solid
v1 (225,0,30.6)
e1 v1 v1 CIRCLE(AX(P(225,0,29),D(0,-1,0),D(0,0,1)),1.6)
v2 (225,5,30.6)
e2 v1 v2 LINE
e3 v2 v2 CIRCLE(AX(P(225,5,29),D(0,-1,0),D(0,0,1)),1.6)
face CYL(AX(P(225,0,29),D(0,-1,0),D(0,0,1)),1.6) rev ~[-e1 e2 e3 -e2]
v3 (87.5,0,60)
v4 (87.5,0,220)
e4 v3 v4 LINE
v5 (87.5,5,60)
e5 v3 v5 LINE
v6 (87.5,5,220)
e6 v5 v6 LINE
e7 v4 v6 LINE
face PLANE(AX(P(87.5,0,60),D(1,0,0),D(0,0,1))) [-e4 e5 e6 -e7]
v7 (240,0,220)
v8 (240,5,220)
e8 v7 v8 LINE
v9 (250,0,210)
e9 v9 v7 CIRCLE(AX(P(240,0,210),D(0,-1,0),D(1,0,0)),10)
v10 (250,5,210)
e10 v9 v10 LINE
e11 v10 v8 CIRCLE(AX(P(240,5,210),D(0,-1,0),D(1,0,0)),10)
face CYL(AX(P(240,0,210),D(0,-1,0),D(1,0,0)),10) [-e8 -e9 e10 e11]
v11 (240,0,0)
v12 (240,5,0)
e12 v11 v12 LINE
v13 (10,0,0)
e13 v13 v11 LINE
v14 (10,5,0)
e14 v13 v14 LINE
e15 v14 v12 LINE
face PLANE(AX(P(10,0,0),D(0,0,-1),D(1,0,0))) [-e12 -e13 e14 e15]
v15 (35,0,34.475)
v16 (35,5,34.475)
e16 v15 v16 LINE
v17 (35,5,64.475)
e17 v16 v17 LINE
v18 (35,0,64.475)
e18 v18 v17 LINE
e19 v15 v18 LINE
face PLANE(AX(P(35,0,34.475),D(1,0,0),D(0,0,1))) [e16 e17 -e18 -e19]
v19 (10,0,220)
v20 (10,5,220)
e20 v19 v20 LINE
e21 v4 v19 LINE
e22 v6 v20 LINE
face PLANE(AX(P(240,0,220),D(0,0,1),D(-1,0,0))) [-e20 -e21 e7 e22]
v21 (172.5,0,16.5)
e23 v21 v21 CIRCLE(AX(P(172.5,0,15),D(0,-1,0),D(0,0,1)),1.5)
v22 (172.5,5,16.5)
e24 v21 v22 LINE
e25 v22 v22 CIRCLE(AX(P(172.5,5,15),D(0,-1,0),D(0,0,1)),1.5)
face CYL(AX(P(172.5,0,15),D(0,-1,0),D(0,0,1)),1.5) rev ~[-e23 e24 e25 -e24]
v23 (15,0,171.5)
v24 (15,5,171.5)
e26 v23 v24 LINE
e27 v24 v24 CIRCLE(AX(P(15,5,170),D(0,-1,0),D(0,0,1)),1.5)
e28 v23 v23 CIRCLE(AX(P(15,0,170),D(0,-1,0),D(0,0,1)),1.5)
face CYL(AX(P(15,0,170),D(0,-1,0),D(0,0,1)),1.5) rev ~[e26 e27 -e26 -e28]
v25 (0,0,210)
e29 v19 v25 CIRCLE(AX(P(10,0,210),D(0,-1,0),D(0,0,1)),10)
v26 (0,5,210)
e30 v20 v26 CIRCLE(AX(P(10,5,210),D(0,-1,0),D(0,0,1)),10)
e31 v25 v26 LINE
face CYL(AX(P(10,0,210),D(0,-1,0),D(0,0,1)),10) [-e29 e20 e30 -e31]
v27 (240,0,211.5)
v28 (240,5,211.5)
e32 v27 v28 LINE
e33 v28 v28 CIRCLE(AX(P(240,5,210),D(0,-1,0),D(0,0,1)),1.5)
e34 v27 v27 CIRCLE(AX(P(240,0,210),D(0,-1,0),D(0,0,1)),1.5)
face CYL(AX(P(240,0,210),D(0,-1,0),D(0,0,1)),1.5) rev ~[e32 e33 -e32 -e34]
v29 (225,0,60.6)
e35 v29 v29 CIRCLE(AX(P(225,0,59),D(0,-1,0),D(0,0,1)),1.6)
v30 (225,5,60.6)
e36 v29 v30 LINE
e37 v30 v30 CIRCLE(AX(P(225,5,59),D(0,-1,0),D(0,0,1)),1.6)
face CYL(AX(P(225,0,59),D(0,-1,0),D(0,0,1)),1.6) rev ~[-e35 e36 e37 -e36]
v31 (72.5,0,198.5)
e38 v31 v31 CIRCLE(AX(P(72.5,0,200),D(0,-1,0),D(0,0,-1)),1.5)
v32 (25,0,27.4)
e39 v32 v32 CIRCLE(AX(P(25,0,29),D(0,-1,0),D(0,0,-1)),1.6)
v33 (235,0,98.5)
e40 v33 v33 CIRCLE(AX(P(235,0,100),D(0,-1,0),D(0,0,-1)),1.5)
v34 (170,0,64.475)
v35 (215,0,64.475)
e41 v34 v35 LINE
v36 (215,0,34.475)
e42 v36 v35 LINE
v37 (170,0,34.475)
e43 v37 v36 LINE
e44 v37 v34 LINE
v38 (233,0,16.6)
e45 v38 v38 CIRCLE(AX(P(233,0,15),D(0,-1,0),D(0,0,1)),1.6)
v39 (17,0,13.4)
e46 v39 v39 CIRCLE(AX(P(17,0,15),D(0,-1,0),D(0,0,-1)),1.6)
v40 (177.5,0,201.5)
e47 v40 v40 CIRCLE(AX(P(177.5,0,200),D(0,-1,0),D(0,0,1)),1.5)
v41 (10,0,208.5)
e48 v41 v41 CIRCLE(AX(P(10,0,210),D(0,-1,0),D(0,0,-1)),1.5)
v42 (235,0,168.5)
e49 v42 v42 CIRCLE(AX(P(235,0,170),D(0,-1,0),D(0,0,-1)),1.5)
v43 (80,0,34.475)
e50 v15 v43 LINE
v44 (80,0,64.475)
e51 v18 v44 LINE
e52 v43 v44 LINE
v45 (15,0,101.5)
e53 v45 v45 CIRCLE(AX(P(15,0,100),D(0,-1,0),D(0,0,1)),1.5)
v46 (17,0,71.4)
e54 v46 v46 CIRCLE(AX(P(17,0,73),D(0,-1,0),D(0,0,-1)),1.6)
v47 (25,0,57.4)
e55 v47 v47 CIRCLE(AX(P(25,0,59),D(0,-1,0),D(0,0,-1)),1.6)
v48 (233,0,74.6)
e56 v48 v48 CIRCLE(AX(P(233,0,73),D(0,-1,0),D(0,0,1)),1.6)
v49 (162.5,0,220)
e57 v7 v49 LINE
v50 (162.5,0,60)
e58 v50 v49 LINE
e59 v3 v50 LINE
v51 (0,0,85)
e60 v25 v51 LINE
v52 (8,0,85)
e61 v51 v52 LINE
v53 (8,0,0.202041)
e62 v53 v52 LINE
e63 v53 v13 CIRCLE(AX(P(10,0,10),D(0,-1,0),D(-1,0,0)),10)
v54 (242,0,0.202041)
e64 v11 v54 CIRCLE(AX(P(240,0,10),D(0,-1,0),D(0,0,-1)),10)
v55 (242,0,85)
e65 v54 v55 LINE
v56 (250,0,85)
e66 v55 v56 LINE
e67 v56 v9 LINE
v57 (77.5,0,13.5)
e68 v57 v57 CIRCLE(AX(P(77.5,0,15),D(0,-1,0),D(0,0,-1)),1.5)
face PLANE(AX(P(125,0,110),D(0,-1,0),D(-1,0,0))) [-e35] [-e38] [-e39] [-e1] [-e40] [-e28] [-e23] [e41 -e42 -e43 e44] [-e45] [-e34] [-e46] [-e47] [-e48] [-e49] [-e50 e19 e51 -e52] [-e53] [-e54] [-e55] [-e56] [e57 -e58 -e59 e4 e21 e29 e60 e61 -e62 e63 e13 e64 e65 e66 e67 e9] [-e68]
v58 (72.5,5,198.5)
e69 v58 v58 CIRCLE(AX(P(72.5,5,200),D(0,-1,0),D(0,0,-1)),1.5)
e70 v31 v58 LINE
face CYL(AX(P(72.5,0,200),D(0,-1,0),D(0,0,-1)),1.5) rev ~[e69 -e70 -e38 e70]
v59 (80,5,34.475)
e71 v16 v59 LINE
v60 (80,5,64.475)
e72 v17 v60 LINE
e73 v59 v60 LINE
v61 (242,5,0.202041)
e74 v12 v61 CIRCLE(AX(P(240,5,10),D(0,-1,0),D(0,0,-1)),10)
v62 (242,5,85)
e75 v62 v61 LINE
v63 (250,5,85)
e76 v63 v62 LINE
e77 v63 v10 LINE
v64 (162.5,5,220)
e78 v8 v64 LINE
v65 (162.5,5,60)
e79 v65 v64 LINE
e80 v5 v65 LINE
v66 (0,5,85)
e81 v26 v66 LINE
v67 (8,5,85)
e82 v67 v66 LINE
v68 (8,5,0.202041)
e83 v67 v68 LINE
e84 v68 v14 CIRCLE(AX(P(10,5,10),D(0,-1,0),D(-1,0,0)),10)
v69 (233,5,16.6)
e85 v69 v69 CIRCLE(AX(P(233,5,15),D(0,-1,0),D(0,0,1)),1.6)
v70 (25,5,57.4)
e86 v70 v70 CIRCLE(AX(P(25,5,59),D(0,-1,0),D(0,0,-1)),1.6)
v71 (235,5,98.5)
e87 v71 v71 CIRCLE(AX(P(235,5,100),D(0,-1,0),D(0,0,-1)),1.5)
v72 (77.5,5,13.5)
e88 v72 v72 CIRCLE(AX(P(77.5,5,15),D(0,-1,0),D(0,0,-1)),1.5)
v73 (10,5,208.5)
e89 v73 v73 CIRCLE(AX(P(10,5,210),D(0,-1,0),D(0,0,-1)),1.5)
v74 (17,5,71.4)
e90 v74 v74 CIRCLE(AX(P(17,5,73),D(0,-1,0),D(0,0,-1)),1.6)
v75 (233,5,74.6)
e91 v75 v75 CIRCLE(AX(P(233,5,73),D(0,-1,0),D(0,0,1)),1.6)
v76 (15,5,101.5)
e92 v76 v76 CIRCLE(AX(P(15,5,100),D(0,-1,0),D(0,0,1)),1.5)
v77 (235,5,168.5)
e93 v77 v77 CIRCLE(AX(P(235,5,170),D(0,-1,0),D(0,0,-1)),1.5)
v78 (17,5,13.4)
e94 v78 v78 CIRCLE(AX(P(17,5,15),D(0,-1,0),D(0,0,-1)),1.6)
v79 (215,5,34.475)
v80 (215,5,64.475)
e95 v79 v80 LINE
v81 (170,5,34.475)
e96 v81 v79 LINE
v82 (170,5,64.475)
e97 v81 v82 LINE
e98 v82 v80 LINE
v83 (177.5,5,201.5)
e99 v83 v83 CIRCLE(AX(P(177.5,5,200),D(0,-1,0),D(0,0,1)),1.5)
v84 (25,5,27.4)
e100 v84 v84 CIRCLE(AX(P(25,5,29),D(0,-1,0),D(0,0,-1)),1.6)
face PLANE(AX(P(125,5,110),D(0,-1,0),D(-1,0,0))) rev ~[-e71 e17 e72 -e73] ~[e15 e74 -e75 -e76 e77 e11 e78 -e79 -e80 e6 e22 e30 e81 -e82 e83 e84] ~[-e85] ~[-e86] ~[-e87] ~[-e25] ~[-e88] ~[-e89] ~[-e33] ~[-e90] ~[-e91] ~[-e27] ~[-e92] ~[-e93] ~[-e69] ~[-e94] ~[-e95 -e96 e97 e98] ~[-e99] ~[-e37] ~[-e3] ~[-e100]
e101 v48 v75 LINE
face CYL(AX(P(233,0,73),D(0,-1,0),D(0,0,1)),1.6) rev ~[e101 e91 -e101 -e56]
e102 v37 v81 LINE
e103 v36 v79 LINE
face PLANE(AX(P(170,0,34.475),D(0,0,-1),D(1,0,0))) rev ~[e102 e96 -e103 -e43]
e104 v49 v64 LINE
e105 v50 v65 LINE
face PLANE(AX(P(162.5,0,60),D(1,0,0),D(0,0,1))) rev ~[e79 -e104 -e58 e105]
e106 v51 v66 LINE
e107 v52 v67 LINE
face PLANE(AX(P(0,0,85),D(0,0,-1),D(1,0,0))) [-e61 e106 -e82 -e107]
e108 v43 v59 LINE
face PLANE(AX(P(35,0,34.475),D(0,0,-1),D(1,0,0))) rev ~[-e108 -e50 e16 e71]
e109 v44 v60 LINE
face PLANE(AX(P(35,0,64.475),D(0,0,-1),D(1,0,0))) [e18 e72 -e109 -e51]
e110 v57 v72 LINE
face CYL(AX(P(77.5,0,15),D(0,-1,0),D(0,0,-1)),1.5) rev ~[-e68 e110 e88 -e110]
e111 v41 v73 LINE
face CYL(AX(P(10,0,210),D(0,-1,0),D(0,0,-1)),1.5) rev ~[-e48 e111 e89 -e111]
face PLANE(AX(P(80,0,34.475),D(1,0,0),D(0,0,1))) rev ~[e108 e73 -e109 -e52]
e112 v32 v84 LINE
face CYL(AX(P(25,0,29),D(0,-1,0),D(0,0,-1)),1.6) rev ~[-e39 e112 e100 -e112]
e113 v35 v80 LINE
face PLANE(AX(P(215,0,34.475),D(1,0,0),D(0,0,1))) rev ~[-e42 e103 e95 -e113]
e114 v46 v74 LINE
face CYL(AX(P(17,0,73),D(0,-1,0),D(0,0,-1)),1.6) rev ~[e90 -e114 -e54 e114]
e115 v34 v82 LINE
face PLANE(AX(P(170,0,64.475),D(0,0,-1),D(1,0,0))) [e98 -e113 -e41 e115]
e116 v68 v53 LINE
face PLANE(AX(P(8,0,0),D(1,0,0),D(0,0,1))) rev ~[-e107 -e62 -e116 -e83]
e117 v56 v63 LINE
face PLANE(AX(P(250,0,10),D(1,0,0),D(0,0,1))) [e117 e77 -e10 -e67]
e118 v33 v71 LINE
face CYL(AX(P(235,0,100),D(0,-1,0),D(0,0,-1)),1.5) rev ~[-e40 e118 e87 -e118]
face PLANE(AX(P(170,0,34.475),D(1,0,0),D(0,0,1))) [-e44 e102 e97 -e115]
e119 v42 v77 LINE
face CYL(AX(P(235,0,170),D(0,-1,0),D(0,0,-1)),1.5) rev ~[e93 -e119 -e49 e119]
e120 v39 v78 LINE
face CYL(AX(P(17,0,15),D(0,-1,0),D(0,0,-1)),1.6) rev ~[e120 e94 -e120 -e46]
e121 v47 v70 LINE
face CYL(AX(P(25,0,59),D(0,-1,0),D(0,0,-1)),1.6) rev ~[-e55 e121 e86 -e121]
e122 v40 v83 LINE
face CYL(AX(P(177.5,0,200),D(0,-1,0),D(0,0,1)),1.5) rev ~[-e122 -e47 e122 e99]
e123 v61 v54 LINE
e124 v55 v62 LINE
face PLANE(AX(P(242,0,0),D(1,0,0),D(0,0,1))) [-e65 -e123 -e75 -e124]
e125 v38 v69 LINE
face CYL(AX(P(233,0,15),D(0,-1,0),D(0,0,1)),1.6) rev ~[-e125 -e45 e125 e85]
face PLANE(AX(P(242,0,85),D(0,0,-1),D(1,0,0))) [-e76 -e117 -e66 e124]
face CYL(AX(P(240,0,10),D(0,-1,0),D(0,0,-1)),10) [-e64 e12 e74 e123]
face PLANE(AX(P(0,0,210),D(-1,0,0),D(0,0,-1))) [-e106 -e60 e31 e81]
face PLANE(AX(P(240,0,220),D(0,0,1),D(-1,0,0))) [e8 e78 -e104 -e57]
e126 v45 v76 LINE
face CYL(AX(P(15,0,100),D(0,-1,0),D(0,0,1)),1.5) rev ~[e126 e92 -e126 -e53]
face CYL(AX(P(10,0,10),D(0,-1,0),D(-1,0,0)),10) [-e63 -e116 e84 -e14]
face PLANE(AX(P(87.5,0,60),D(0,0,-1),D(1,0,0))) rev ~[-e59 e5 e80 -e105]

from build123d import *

# Parameters (mm, degrees)
EXTRUDE_1_DEPTH      = 5
SKETCH_4_W           = 45
SKETCH_4_H           = 30
CUT_EXTRUDE_3_DEPTH  = 5
SKETCH_5_W           = 75
SKETCH_5_H           = 160
CUT_EXTRUDE_4_DEPTH  = 5
CUT_EXTRUDE_5_REACH  = 335.054
SKETCH_6_R           = 1.5
CUT_EXTRUDE_7_REACH  = 335.054
SKETCH_7_R           = 1.6
CUT_EXTRUDE_8_REACH  = 335.054
SKETCH_8_R           = 1.5
CUT_EXTRUDE_9_REACH  = 335.054
SKETCH_9_R           = 1.5
CUT_EXTRUDE_10_REACH = 335.054
SKETCH_10_W          = 8
SKETCH_10_H          = 85


with BuildPart() as part:
    # 草图1 → 凸台-拉伸1 (new body)
    with BuildSketch(Plane(origin=(0, 0, 0), x_dir=(1, 0, 0), z_dir=(0, 1, 0))):
        with BuildLine():
            Line((10, 0), (240, 0))
            ThreePointArc((240, 0), (247.071067812, -2.928932188), (250, -10))
            Line((250, -10), (250, -210))
            ThreePointArc((250, -210), (247.071067812, -217.071067812), (240, -220))
            Line((240, -220), (10, -220))
            ThreePointArc((10, -220), (2.928932188, -217.071067812), (0, -210))
            Line((0, -210), (0, -10))
            ThreePointArc((0, -10), (2.928932188, -2.928932188), (10, 0))
        make_face()
    extrude(amount=EXTRUDE_1_DEPTH)

    # 草图4 → 切除-拉伸3 (cut)
    with BuildSketch(Plane.XZ):
        with Locations((192.5, 49.475)):
            Rectangle(SKETCH_4_W, SKETCH_4_H)
        with Locations((57.5, 49.475)):
            Rectangle(SKETCH_4_W, SKETCH_4_H)
    extrude(amount=-CUT_EXTRUDE_3_DEPTH, mode=Mode.SUBTRACT)

    # 草图5 → 切除-拉伸4 (cut)
    with BuildSketch(Plane.XZ):
        with Locations((125, 140)):
            Rectangle(SKETCH_5_W, SKETCH_5_H)
    extrude(amount=-CUT_EXTRUDE_4_DEPTH, mode=Mode.SUBTRACT)

    # 草图6 → 切除-拉伸5 (cut, up to next)
    with BuildSketch(Plane.XZ, mode=Mode.PRIVATE) as cut_extrude_5_sk1:
        with Locations(Location((72.5, 200, 0), (0, 0, 270))):
            Circle(SKETCH_6_R)
    cut_extrude_5_tool1 = extrude(cut_extrude_5_sk1.sketch, amount=-CUT_EXTRUDE_5_REACH, mode=Mode.PRIVATE) & part.part
    # 草图6 → 切除-拉伸5 (cut, up to next)
    with BuildSketch(Plane.XZ, mode=Mode.PRIVATE) as cut_extrude_5_sk2:
        with Locations(Location((177.5, 200, 0), (0, 0, 90))):
            Circle(SKETCH_6_R)
    cut_extrude_5_tool2 = extrude(cut_extrude_5_sk2.sketch, amount=-CUT_EXTRUDE_5_REACH, mode=Mode.PRIVATE) & part.part
    add(cut_extrude_5_tool1.solids().sort_by_distance((72.5, 0, 200))[0], mode=Mode.SUBTRACT)
    add(cut_extrude_5_tool2.solids().sort_by_distance((177.5, 0, 200))[0], mode=Mode.SUBTRACT)

    # 草图7 → 切除-拉伸7 (cut, up to next)
    with BuildSketch(Plane.XZ, mode=Mode.PRIVATE) as cut_extrude_7_sk1:
        with Locations(Location((17, 15, 0), (0, 0, 270))):
            Circle(SKETCH_7_R)
    cut_extrude_7_tool1 = extrude(cut_extrude_7_sk1.sketch, amount=-CUT_EXTRUDE_7_REACH, mode=Mode.PRIVATE) & part.part
    # 草图7 → 切除-拉伸7 (cut, up to next)
    with BuildSketch(Plane.XZ, mode=Mode.PRIVATE) as cut_extrude_7_sk2:
        with Locations(Location((25, 29, 0), (0, 0, 270))):
            Circle(SKETCH_7_R)
    cut_extrude_7_tool2 = extrude(cut_extrude_7_sk2.sketch, amount=-CUT_EXTRUDE_7_REACH, mode=Mode.PRIVATE) & part.part
    # 草图7 → 切除-拉伸7 (cut, up to next)
    with BuildSketch(Plane.XZ, mode=Mode.PRIVATE) as cut_extrude_7_sk3:
        with Locations(Location((25, 59, 0), (0, 0, 270))):
            Circle(SKETCH_7_R)
    cut_extrude_7_tool3 = extrude(cut_extrude_7_sk3.sketch, amount=-CUT_EXTRUDE_7_REACH, mode=Mode.PRIVATE) & part.part
    # 草图7 → 切除-拉伸7 (cut, up to next)
    with BuildSketch(Plane.XZ, mode=Mode.PRIVATE) as cut_extrude_7_sk4:
        with Locations(Location((17, 73, 0), (0, 0, 270))):
            Circle(SKETCH_7_R)
    cut_extrude_7_tool4 = extrude(cut_extrude_7_sk4.sketch, amount=-CUT_EXTRUDE_7_REACH, mode=Mode.PRIVATE) & part.part
    # 草图7 → 切除-拉伸7 (cut, up to next)
    with BuildSketch(Plane.XZ, mode=Mode.PRIVATE) as cut_extrude_7_sk5:
        with Locations(Location((233, 73, 0), (0, 0, 90))):
            Circle(SKETCH_7_R)
    cut_extrude_7_tool5 = extrude(cut_extrude_7_sk5.sketch, amount=-CUT_EXTRUDE_7_REACH, mode=Mode.PRIVATE) & part.part
    # 草图7 → 切除-拉伸7 (cut, up to next)
    with BuildSketch(Plane.XZ, mode=Mode.PRIVATE) as cut_extrude_7_sk6:
        with Locations(Location((225, 59, 0), (0, 0, 90))):
            Circle(SKETCH_7_R)
    cut_extrude_7_tool6 = extrude(cut_extrude_7_sk6.sketch, amount=-CUT_EXTRUDE_7_REACH, mode=Mode.PRIVATE) & part.part
    # 草图7 → 切除-拉伸7 (cut, up to next)
    with BuildSketch(Plane.XZ, mode=Mode.PRIVATE) as cut_extrude_7_sk7:
        with Locations(Location((225, 29, 0), (0, 0, 90))):
            Circle(SKETCH_7_R)
    cut_extrude_7_tool7 = extrude(cut_extrude_7_sk7.sketch, amount=-CUT_EXTRUDE_7_REACH, mode=Mode.PRIVATE) & part.part
    # 草图7 → 切除-拉伸7 (cut, up to next)
    with BuildSketch(Plane.XZ, mode=Mode.PRIVATE) as cut_extrude_7_sk8:
        with Locations(Location((233, 15, 0), (0, 0, 90))):
            Circle(SKETCH_7_R)
    cut_extrude_7_tool8 = extrude(cut_extrude_7_sk8.sketch, amount=-CUT_EXTRUDE_7_REACH, mode=Mode.PRIVATE) & part.part
    add(cut_extrude_7_tool1.solids().sort_by_distance((17, 0, 15))[0], mode=Mode.SUBTRACT)
    add(cut_extrude_7_tool2.solids().sort_by_distance((25, 0, 29))[0], mode=Mode.SUBTRACT)
    add(cut_extrude_7_tool3.solids().sort_by_distance((25, 0, 59))[0], mode=Mode.SUBTRACT)
    add(cut_extrude_7_tool4.solids().sort_by_distance((17, 0, 73))[0], mode=Mode.SUBTRACT)
    add(cut_extrude_7_tool5.solids().sort_by_distance((233, 0, 73))[0], mode=Mode.SUBTRACT)
    add(cut_extrude_7_tool6.solids().sort_by_distance((225, 0, 59))[0], mode=Mode.SUBTRACT)
    add(cut_extrude_7_tool7.solids().sort_by_distance((225, 0, 29))[0], mode=Mode.SUBTRACT)
    add(cut_extrude_7_tool8.solids().sort_by_distance((233, 0, 15))[0], mode=Mode.SUBTRACT)

    # 草图8 → 切除-拉伸8 (cut, up to next)
    with BuildSketch(Plane.XZ, mode=Mode.PRIVATE) as cut_extrude_8_sk1:
        with Locations(Location((235, 170, 0), (0, 0, 270))):
            Circle(SKETCH_8_R)
    cut_extrude_8_tool1 = extrude(cut_extrude_8_sk1.sketch, amount=-CUT_EXTRUDE_8_REACH, mode=Mode.PRIVATE) & part.part
    # 草图8 → 切除-拉伸8 (cut, up to next)
    with BuildSketch(Plane.XZ, mode=Mode.PRIVATE) as cut_extrude_8_sk2:
        with Locations(Location((235, 100, 0), (0, 0, 270))):
            Circle(SKETCH_8_R)
    cut_extrude_8_tool2 = extrude(cut_extrude_8_sk2.sketch, amount=-CUT_EXTRUDE_8_REACH, mode=Mode.PRIVATE) & part.part
    # 草图8 → 切除-拉伸8 (cut, up to next)
    with BuildSketch(Plane.XZ, mode=Mode.PRIVATE) as cut_extrude_8_sk3:
        with Locations(Location((15, 100, 0), (0, 0, 90))):
            Circle(SKETCH_8_R)
    cut_extrude_8_tool3 = extrude(cut_extrude_8_sk3.sketch, amount=-CUT_EXTRUDE_8_REACH, mode=Mode.PRIVATE) & part.part
    # 草图8 → 切除-拉伸8 (cut, up to next)
    with BuildSketch(Plane.XZ, mode=Mode.PRIVATE) as cut_extrude_8_sk4:
        with Locations(Location((15, 170, 0), (0, 0, 90))):
            Circle(SKETCH_8_R)
    cut_extrude_8_tool4 = extrude(cut_extrude_8_sk4.sketch, amount=-CUT_EXTRUDE_8_REACH, mode=Mode.PRIVATE) & part.part
    add(cut_extrude_8_tool1.solids().sort_by_distance((235, 0, 170))[0], mode=Mode.SUBTRACT)
    add(cut_extrude_8_tool2.solids().sort_by_distance((235, 0, 100))[0], mode=Mode.SUBTRACT)
    add(cut_extrude_8_tool3.solids().sort_by_distance((15, 0, 100))[0], mode=Mode.SUBTRACT)
    add(cut_extrude_8_tool4.solids().sort_by_distance((15, 0, 170))[0], mode=Mode.SUBTRACT)

    # 草图9 → 切除-拉伸9 (cut, up to next)
    with BuildSketch(Plane.XZ, mode=Mode.PRIVATE) as cut_extrude_9_sk1:
        with Locations(Location((77.5, 15, 0), (0, 0, 270))):
            Circle(SKETCH_9_R)
    cut_extrude_9_tool1 = extrude(cut_extrude_9_sk1.sketch, amount=-CUT_EXTRUDE_9_REACH, mode=Mode.PRIVATE) & part.part
    # 草图9 → 切除-拉伸9 (cut, up to next)
    with BuildSketch(Plane.XZ, mode=Mode.PRIVATE) as cut_extrude_9_sk2:
        with Locations(Location((10, 210, 0), (0, 0, 270))):
            Circle(SKETCH_9_R)
    cut_extrude_9_tool2 = extrude(cut_extrude_9_sk2.sketch, amount=-CUT_EXTRUDE_9_REACH, mode=Mode.PRIVATE) & part.part
    # 草图9 → 切除-拉伸9 (cut, up to next)
    with BuildSketch(Plane.XZ, mode=Mode.PRIVATE) as cut_extrude_9_sk3:
        with Locations(Location((240, 210, 0), (0, 0, 90))):
            Circle(SKETCH_9_R)
    cut_extrude_9_tool3 = extrude(cut_extrude_9_sk3.sketch, amount=-CUT_EXTRUDE_9_REACH, mode=Mode.PRIVATE) & part.part
    # 草图9 → 切除-拉伸9 (cut, up to next)
    with BuildSketch(Plane.XZ, mode=Mode.PRIVATE) as cut_extrude_9_sk4:
        with Locations(Location((172.5, 15, 0), (0, 0, 90))):
            Circle(SKETCH_9_R)
    cut_extrude_9_tool4 = extrude(cut_extrude_9_sk4.sketch, amount=-CUT_EXTRUDE_9_REACH, mode=Mode.PRIVATE) & part.part
    add(cut_extrude_9_tool1.solids().sort_by_distance((77.5, 0, 15))[0], mode=Mode.SUBTRACT)
    add(cut_extrude_9_tool2.solids().sort_by_distance((10, 0, 210))[0], mode=Mode.SUBTRACT)
    add(cut_extrude_9_tool3.solids().sort_by_distance((240, 0, 210))[0], mode=Mode.SUBTRACT)
    add(cut_extrude_9_tool4.solids().sort_by_distance((172.5, 0, 15))[0], mode=Mode.SUBTRACT)

    # 草图10 → 切除-拉伸10 (cut, up to next)
    with BuildSketch(Plane.XZ, mode=Mode.PRIVATE) as cut_extrude_10_sk1:
        with Locations((4, 42.5)):
            Rectangle(SKETCH_10_W, SKETCH_10_H)
    cut_extrude_10_tool1 = extrude(cut_extrude_10_sk1.sketch, amount=-CUT_EXTRUDE_10_REACH, mode=Mode.PRIVATE) & part.part
    # 草图10 → 切除-拉伸10 (cut, up to next)
    with BuildSketch(Plane.XZ, mode=Mode.PRIVATE) as cut_extrude_10_sk2:
        with Locations((246, 42.5)):
            Rectangle(SKETCH_10_W, SKETCH_10_H)
    cut_extrude_10_tool2 = extrude(cut_extrude_10_sk2.sketch, amount=-CUT_EXTRUDE_10_REACH, mode=Mode.PRIVATE) & part.part
    add(cut_extrude_10_tool1.solids().sort_by_distance((4, 0, 42.5))[0], mode=Mode.SUBTRACT)
    add(cut_extrude_10_tool2.solids().sort_by_distance((246, 0, 42.5))[0], mode=Mode.SUBTRACT)


solid = part.part
